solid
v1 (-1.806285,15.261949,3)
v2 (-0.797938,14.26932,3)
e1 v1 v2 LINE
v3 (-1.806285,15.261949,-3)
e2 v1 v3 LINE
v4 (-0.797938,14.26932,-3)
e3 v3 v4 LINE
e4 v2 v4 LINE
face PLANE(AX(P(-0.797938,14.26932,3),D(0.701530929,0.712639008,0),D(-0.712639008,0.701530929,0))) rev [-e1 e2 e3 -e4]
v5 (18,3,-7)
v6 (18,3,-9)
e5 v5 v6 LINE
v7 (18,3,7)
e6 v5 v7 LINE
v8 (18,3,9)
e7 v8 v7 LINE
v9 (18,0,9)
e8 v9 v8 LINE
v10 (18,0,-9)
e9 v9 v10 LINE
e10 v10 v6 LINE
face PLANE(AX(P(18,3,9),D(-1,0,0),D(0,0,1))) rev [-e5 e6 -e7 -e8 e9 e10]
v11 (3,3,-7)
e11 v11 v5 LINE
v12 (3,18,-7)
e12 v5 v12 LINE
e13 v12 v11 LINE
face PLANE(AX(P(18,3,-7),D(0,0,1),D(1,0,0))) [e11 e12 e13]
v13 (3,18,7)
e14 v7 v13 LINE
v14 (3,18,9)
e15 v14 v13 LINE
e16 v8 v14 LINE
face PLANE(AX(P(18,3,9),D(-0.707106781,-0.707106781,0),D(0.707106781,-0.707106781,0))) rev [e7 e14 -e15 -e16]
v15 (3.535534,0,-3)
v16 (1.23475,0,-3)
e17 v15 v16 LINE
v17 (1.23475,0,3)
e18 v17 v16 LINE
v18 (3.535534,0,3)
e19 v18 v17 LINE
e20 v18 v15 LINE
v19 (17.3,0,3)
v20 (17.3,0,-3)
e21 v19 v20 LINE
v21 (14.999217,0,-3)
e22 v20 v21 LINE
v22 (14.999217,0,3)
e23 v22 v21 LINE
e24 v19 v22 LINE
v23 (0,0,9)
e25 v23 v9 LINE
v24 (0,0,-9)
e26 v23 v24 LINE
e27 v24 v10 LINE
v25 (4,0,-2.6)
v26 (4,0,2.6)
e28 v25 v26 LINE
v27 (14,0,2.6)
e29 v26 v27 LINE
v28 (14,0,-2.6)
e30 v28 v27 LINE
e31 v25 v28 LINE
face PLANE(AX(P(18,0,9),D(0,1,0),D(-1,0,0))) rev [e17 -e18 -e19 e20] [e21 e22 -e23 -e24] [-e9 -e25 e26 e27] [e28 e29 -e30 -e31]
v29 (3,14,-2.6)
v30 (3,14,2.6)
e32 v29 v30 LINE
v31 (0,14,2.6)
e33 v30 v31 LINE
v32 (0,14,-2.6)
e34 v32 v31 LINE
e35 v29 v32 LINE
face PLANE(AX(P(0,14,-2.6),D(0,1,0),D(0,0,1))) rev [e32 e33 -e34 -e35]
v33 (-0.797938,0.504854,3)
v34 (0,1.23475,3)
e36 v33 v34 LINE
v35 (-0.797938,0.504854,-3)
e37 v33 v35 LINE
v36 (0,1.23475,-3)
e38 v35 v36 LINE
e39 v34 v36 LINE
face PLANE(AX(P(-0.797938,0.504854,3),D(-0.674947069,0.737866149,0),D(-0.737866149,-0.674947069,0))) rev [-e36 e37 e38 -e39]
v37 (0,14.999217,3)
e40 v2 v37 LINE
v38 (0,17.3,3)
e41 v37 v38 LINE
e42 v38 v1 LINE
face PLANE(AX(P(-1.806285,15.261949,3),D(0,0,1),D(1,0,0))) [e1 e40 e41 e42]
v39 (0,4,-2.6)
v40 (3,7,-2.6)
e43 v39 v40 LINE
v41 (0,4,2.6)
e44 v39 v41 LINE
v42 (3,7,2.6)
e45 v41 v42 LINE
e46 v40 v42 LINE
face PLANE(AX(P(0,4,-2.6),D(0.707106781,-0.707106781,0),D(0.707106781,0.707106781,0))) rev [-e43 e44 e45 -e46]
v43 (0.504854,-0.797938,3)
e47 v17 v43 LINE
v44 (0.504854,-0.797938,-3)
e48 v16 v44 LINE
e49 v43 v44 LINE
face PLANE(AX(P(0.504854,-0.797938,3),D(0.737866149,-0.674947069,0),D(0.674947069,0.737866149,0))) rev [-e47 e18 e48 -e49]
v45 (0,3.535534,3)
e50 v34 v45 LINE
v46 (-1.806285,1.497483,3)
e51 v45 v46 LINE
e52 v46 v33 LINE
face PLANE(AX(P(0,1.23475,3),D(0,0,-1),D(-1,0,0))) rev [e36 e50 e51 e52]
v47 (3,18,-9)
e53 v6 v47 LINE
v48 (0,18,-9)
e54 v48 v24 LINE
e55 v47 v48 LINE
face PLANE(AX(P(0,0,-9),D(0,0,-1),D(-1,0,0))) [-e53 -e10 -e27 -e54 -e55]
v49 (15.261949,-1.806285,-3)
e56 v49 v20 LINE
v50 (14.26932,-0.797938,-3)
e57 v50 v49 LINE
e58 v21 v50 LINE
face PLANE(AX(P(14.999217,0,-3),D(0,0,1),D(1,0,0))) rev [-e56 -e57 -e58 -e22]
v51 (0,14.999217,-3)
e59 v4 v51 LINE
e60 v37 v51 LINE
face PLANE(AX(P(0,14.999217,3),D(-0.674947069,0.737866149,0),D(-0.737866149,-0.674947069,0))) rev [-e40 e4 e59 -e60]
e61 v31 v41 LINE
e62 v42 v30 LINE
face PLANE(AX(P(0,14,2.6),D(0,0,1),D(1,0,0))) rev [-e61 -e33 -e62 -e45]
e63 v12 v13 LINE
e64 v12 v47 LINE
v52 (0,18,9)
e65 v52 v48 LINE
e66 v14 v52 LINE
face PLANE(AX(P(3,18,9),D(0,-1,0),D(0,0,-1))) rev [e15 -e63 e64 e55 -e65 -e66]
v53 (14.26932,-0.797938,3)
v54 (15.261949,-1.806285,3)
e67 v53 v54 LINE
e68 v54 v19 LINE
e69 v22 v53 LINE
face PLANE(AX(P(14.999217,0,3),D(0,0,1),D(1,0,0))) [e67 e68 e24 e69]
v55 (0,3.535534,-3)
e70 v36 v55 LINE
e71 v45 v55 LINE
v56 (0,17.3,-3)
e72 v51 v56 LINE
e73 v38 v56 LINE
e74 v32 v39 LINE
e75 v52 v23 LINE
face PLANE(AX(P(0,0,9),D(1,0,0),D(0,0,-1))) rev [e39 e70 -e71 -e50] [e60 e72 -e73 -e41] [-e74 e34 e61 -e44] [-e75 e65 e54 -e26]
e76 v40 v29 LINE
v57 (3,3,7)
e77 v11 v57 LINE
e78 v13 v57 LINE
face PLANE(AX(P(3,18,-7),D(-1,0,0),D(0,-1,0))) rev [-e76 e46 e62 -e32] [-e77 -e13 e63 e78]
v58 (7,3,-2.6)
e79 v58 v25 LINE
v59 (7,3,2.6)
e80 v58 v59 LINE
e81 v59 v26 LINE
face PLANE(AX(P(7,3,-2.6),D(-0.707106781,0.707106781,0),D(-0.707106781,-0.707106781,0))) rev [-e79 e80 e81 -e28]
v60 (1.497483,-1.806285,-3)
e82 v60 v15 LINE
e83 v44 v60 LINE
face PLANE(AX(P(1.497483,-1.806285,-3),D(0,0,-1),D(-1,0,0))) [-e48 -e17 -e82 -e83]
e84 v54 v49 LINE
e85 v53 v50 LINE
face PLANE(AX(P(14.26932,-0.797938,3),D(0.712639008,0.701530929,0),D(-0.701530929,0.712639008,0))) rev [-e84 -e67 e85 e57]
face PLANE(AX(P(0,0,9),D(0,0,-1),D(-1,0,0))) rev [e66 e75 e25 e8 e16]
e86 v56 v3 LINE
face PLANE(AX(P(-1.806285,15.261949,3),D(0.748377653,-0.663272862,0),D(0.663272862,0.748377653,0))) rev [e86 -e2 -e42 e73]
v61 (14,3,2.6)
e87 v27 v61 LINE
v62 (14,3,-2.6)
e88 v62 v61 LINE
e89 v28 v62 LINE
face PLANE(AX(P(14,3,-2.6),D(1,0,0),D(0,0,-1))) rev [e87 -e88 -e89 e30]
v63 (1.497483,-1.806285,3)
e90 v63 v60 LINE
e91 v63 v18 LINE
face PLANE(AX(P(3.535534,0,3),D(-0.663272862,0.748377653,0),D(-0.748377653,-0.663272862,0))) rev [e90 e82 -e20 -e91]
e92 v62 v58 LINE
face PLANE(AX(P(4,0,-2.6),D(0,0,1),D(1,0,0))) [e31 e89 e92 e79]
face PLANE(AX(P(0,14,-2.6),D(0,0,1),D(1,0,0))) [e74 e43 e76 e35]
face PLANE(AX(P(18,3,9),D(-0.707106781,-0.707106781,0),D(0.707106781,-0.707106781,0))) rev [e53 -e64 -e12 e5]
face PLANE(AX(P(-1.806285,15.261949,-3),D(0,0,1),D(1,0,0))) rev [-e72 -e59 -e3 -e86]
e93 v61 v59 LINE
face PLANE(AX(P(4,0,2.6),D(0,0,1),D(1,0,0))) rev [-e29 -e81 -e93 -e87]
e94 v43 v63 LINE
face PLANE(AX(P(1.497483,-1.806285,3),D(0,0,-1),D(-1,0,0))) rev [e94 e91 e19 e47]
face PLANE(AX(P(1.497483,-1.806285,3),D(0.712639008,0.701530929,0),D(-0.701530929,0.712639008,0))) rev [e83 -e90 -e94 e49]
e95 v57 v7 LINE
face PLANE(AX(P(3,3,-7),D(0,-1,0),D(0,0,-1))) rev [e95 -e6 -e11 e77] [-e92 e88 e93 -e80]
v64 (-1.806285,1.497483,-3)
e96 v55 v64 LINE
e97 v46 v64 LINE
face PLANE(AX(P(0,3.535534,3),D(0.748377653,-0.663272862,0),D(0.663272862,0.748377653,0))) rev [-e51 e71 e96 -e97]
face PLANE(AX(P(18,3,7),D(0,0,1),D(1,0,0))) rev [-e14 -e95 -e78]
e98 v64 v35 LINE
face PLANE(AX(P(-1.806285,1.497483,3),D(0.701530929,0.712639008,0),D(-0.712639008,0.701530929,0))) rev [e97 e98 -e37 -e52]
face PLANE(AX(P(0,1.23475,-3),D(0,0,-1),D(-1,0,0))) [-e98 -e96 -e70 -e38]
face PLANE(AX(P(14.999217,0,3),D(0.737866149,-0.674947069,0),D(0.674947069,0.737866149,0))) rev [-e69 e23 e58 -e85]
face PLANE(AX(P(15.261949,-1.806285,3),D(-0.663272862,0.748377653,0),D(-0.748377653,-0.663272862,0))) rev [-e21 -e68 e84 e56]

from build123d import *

# Parameters (mm, degrees)
BOSS_EXTRUDE1_DEPTH = 9
CUT_EXTRUDE1_DEPTH  = 7
CUT_EXTRUDE2_DEPTH  = 2.6
BOSS_EXTRUDE2_DEPTH = 3


with BuildPart() as part:
    # Sketch1 → Boss-Extrude1 (new body, symmetric)
    with BuildSketch(Plane.XY):
        Polygon((0, 0), (0, 18), (3, 18), (18, 3), (18, 0), align=None)
    extrude(amount=BOSS_EXTRUDE1_DEPTH, both=True)

    # Sketch2 → Cut-Extrude1 (cut, symmetric)
    with BuildSketch(Plane.XY):
        Polygon((3, 18), (3, 3), (18, 3), align=None)
    extrude(amount=CUT_EXTRUDE1_DEPTH, both=True, mode=Mode.SUBTRACT)

    # Sketch3 → Cut-Extrude2 (cut, symmetric)
    with BuildSketch(Plane.XY):
        Polygon((0, 14), (3, 14), (3, 7), (0, 4), align=None)
        Polygon((7, 3), (14, 3), (14, 0), (4, 0), align=None)
    extrude(amount=CUT_EXTRUDE2_DEPTH, both=True, mode=Mode.SUBTRACT)

    # Sketch4 → Boss-Extrude2 (add, symmetric)
    with BuildSketch(Plane.XY):
        Polygon((1.497483368, -1.80628538), (0.504853677, -0.797938337), (1.234750477, 0), (3.535533906, 0), align=None)
        Polygon((0, 3.535533906), (-1.80628538, 1.497483368), (-0.797938337, 0.504853677), (0, 1.234750477), align=None)
        Polygon((0, 17.3), (0, 14.999216572), (-0.797938337, 14.269319771), (-1.80628538, 15.261949462), align=None)
        Polygon((14.999216572, 0), (14.269319771, -0.797938337), (15.261949462, -1.80628538), (17.3, 0), align=None)
    extrude(amount=BOSS_EXTRUDE2_DEPTH, both=True)


solid = part.part
